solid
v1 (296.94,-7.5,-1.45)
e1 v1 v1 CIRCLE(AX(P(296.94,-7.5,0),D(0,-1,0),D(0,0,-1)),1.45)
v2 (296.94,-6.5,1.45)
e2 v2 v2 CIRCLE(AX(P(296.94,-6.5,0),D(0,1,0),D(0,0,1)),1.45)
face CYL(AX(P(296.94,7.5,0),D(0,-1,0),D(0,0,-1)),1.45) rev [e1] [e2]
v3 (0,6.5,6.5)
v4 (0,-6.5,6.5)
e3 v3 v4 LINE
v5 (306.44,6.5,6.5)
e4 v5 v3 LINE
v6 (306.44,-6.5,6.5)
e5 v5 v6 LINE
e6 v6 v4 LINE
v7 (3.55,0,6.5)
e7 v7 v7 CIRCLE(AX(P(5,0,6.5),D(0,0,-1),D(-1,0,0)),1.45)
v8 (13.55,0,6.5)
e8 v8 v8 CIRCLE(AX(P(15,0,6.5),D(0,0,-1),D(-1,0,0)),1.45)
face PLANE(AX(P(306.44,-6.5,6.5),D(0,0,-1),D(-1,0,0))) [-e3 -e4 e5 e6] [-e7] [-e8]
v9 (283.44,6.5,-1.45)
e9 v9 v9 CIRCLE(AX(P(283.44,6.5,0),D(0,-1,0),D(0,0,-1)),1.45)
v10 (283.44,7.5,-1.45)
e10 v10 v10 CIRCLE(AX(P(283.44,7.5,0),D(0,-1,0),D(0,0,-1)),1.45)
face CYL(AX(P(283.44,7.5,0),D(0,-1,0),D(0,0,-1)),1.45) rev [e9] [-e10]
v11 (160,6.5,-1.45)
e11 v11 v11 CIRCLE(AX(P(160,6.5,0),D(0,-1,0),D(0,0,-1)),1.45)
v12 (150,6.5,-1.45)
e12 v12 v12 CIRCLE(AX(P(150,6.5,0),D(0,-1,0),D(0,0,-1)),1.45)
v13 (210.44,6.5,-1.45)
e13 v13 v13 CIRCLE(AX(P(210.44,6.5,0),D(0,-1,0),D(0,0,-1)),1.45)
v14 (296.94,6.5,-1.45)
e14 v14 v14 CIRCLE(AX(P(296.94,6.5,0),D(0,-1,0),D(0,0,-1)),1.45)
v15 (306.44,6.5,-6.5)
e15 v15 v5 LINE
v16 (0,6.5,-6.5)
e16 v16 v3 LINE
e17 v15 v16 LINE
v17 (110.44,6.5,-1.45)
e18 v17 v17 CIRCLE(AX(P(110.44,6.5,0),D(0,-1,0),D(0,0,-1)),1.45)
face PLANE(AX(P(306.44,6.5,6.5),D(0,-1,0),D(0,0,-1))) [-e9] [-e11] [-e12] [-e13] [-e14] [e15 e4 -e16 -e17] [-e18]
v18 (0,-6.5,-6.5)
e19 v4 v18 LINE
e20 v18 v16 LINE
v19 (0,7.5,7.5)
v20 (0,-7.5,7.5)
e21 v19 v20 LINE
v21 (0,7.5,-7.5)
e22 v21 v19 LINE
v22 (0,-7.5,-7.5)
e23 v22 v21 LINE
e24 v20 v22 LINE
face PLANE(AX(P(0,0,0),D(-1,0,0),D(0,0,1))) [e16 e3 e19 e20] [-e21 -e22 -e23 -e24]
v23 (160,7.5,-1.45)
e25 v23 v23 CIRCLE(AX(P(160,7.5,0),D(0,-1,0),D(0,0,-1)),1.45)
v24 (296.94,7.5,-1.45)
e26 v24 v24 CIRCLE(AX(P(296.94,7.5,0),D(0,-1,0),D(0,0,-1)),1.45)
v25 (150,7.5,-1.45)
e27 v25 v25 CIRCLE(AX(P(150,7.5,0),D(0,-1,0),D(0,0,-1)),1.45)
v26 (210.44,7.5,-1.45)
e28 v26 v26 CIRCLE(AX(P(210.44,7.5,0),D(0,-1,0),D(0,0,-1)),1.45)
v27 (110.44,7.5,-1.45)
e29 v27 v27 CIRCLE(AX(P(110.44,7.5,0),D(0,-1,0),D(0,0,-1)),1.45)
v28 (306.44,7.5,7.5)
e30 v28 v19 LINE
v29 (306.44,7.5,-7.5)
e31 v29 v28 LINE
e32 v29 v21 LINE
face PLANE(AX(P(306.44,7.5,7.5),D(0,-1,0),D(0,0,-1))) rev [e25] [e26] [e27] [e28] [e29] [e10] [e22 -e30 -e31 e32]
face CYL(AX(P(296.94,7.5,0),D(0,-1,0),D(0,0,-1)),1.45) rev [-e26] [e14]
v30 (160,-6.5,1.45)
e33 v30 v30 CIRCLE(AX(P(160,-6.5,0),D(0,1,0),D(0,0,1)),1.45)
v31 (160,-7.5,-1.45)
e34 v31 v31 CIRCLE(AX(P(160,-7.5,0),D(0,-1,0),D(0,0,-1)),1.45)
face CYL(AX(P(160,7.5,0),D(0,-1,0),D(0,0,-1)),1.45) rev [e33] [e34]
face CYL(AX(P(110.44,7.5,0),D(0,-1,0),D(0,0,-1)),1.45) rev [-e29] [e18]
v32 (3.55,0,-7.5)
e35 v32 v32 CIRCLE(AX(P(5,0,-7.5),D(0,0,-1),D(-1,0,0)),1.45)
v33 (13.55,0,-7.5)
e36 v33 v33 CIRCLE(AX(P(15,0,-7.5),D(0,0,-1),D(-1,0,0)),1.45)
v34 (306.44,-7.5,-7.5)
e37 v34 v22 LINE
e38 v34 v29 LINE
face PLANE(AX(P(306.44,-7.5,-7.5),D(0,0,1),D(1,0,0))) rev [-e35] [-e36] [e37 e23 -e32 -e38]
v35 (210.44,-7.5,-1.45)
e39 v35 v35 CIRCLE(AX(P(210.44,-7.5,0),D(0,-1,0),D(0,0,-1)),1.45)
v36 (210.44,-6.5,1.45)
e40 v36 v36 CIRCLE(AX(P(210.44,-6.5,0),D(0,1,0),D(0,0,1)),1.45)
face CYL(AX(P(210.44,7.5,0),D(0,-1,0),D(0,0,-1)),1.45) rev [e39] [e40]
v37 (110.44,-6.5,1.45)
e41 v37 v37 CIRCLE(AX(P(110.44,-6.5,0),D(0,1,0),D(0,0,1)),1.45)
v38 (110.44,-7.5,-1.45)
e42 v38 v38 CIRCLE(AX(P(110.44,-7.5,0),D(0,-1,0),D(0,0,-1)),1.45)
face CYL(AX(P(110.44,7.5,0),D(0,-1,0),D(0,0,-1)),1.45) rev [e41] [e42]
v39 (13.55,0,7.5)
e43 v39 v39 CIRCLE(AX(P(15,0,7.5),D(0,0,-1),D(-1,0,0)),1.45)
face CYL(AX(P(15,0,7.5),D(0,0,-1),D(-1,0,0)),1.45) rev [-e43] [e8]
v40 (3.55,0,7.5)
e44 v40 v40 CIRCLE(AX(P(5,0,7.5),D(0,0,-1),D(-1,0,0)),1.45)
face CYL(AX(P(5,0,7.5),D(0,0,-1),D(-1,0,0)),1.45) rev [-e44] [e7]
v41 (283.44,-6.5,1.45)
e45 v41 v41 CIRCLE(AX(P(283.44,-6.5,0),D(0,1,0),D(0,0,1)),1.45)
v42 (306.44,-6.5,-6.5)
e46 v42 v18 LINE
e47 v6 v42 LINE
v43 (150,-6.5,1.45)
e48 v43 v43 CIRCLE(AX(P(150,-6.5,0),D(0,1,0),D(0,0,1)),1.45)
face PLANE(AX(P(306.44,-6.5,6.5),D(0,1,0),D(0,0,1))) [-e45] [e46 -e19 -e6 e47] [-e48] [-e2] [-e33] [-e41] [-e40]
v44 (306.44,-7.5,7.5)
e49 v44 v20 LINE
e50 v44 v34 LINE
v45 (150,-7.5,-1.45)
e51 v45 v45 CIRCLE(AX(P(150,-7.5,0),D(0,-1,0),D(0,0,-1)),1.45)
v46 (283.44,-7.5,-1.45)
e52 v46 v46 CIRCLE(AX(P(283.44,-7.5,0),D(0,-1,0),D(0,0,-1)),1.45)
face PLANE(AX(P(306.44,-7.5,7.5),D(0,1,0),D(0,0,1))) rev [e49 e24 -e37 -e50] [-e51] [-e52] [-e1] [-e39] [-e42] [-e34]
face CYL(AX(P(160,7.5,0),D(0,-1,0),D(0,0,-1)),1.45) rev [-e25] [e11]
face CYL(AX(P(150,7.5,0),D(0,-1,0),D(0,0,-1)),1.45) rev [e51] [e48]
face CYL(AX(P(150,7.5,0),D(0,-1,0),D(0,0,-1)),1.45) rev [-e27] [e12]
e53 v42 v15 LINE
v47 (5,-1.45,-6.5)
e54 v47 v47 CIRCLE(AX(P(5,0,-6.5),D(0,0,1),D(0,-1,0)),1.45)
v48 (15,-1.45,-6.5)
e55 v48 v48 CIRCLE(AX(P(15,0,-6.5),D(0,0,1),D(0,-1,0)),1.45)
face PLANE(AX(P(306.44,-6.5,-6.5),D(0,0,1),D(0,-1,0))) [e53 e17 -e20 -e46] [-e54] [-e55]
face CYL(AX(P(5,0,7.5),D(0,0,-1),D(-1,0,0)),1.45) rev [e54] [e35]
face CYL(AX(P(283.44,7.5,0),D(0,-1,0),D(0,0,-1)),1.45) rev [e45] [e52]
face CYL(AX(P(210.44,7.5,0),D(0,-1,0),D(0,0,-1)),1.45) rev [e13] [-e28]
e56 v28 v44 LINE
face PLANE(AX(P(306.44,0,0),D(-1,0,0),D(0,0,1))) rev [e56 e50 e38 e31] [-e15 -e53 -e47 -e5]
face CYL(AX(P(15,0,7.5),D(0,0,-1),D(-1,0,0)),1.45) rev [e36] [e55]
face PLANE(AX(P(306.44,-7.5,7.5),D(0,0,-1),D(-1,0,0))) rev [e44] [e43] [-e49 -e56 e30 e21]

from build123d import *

# Parameters (mm, degrees)
SKETCH_1_W          = 15
SKETCH_1_H          = 15
SKETCH_1_W_2        = 13
SKETCH_1_H_2        = 13
EXTRUDE_1_DEPTH     = 306.44
SKETCH_2_R          = 1.45
CUT_EXTRUDE_1_DEPTH = 307.898555878
SKETCH_3_R          = 1.45
CUT_EXTRUDE_2_DEPTH = 307.898555878


with BuildPart() as part:
    # 草图1 → 凸台-拉伸1 (new body)
    with BuildSketch(Plane(origin=(0, 0, 0), x_dir=(0, 0, -1), z_dir=(1, 0, 0))):
        Rectangle(SKETCH_1_W, SKETCH_1_H)
        Rectangle(SKETCH_1_W_2, SKETCH_1_H_2, mode=Mode.SUBTRACT)
    extrude(amount=EXTRUDE_1_DEPTH)

    # 草图2 → 切除-拉伸1 (cut, through all)
    with BuildSketch(Plane.XZ.offset(7.5)):
        with Locations(Location((110.44, 0, 0), (0, 0, 270))):
            Circle(SKETCH_2_R)
        with Locations(Location((210.44, 0, 0), (0, 0, 270))):
            Circle(SKETCH_2_R)
        with Locations(Location((283.44, 0, 0), (0, 0, 270))):
            Circle(SKETCH_2_R)
        with Locations(Location((296.94, 0, 0), (0, 0, 270))):
            Circle(SKETCH_2_R)
        with Locations(Location((150, 0, 0), (0, 0, 270))):
            Circle(SKETCH_2_R)
        with Locations(Location((160, 0, 0), (0, 0, 270))):
            Circle(SKETCH_2_R)
    extrude(amount=-CUT_EXTRUDE_1_DEPTH, mode=Mode.SUBTRACT)

    # 草图3 → 切除-拉伸2 (cut, through all)
    with BuildSketch(Plane(origin=(0, 0, -7.5), x_dir=(-1, 0, 0), z_dir=(0, 0, -1))):
        with Locations((-5, 0)):
            Circle(SKETCH_3_R)
        with Locations((-15, 0)):
            Circle(SKETCH_3_R)
    extrude(amount=-CUT_EXTRUDE_2_DEPTH, mode=Mode.SUBTRACT)


solid = part.part
